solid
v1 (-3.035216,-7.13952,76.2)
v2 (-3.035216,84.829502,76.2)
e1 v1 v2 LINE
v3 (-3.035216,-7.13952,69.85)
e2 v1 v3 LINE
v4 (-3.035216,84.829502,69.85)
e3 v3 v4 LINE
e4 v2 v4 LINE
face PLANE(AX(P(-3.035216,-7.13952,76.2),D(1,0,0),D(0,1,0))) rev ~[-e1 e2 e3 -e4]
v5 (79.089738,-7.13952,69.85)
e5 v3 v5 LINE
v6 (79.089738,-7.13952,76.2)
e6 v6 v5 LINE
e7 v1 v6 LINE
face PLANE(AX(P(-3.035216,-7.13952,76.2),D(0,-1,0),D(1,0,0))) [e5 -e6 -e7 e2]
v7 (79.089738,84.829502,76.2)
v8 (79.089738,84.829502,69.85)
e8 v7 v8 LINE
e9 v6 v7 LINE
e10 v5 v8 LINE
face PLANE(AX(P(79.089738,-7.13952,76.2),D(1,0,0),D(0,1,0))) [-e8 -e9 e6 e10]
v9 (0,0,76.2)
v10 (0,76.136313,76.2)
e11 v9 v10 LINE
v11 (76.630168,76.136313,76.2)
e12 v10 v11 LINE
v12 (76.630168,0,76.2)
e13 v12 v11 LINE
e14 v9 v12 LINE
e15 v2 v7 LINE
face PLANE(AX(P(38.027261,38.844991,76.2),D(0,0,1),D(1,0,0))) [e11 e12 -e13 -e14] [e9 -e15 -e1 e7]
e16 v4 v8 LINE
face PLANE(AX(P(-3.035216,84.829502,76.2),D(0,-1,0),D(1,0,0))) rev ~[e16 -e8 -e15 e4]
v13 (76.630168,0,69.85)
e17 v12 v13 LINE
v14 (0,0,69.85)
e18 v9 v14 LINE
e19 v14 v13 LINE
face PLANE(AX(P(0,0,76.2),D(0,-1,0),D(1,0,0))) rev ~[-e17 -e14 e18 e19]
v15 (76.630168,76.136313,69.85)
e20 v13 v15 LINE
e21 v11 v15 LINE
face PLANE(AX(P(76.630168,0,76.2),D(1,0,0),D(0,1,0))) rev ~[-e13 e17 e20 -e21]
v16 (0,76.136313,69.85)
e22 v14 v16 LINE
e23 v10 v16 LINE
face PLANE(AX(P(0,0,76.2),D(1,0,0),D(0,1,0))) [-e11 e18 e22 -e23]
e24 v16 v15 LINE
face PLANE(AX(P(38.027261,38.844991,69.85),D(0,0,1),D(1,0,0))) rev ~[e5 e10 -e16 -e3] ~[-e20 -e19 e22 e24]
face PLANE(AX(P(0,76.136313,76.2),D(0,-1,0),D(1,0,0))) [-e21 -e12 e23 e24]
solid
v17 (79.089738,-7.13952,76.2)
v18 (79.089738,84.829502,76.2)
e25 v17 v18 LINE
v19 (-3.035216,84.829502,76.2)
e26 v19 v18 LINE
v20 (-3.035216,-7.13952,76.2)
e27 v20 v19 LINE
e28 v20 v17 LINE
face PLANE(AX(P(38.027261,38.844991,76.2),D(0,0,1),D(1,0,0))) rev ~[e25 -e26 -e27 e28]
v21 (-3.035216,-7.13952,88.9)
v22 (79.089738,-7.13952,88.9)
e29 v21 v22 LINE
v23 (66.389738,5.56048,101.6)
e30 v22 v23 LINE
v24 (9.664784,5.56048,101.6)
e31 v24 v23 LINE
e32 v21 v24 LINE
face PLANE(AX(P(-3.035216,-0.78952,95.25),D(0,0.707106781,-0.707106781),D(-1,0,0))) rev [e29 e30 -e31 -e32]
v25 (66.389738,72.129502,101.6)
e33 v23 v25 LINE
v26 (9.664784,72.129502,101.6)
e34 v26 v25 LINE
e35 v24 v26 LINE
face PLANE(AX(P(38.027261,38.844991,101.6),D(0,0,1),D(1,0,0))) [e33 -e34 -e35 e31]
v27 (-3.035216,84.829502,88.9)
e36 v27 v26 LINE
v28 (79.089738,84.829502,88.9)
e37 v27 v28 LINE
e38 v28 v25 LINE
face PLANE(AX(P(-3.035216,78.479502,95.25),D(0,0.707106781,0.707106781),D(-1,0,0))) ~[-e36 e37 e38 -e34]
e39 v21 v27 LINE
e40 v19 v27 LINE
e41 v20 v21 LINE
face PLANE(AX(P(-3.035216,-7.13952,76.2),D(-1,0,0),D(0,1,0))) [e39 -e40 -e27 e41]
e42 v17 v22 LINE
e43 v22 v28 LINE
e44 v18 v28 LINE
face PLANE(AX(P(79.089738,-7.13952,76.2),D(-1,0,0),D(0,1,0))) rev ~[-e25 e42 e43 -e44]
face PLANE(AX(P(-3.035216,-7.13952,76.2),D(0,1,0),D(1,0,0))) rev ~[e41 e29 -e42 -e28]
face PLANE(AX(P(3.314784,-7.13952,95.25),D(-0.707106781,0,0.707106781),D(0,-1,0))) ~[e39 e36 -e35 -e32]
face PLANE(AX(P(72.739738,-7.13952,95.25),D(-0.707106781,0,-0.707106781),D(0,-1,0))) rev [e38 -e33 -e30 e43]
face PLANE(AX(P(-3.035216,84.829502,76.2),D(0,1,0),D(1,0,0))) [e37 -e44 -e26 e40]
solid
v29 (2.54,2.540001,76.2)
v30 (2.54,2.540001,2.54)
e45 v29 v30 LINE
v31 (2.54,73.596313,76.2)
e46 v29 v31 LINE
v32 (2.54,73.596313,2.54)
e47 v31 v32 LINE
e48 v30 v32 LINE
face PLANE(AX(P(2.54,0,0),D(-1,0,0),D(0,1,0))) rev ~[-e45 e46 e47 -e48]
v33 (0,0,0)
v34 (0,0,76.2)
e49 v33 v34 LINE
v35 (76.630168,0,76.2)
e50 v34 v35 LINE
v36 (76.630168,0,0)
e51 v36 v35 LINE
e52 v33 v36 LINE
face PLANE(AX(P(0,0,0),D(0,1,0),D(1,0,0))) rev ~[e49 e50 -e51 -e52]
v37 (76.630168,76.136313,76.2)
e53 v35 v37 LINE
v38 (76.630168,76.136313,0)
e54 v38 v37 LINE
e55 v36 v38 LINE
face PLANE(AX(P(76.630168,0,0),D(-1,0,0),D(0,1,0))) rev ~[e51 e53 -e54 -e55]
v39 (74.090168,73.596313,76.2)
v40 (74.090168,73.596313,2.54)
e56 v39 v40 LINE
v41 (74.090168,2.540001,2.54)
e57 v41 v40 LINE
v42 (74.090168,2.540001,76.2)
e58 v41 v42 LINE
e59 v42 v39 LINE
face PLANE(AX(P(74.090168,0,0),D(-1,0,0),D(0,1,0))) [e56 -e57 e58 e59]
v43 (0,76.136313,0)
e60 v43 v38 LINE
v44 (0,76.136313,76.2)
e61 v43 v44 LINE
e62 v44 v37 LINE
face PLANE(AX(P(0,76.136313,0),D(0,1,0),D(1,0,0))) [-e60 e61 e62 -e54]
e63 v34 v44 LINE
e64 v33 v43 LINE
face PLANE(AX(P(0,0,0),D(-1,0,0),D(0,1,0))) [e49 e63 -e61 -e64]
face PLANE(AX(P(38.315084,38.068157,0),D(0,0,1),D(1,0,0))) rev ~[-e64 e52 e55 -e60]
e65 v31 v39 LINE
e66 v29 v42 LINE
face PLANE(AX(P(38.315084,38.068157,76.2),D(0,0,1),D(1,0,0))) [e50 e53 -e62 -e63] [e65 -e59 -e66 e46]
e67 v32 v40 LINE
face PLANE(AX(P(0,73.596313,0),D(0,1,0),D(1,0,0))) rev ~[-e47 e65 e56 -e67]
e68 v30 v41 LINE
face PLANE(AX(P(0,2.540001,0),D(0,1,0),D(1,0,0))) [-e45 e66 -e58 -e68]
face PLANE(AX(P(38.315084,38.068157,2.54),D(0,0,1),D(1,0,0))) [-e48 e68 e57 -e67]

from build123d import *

# Parameters (mm, degrees)
F0_W     = 76.630168
F0_H     = 76.136313
F1_DEPTH = 76.2
F2_T     = -2.54
F3_W     = 82.124954
F3_H     = 91.969022
F3_W_2   = 76.630168
F3_H_2   = 76.136313
F4_DEPTH = 6.35
F5_W     = 82.124954
F5_H     = 91.969022
F6_DEPTH = 25.4
F7_SIZE  = 12.7


with BuildPart() as f1:
    # F0 (on Top) → F1 (new body)
    with BuildSketch(Plane.XY):
        with Locations((38.315084, 38.068157)):
            Rectangle(F0_W, F0_H)
    extrude(amount=F1_DEPTH)

    # F2
    f2_openings = [f1.faces().sort_by_distance(p)[0] for p in [
        (38.315084, 38.068157, 76.2),
    ]]
    offset(amount=F2_T, openings=f2_openings)


with BuildPart() as f4:
    # F3 (on face) → F4 (new body)
    with BuildSketch(Plane.XY.offset(76.2)):
        with Locations((38.027261, 38.844991)):
            Rectangle(F3_W, F3_H)
        with Locations((38.315084, 38.068157)):
            Rectangle(F3_W_2, F3_H_2, mode=Mode.SUBTRACT)
    extrude(amount=-F4_DEPTH)


with BuildPart() as f6:
    # F5 (on face) → F6 (new body)
    with BuildSketch(Plane.XY.offset(76.2)):
        with Locations((38.027261, 38.844991)):
            Rectangle(F5_W, F5_H)
    extrude(amount=F6_DEPTH)

    # F7
    f7_edges = [f6.edges().sort_by_distance(p)[0] for p in [
        (38.027261, -7.13952, 101.6),
        (-3.035216, 38.844991, 101.6),
        (38.027261, 84.829502, 101.6),
        (79.089738, 38.844991, 101.6),
    ]]
    chamfer(f7_edges, length=F7_SIZE)


solid = Compound([f1.part, f4.part, f6.part])
